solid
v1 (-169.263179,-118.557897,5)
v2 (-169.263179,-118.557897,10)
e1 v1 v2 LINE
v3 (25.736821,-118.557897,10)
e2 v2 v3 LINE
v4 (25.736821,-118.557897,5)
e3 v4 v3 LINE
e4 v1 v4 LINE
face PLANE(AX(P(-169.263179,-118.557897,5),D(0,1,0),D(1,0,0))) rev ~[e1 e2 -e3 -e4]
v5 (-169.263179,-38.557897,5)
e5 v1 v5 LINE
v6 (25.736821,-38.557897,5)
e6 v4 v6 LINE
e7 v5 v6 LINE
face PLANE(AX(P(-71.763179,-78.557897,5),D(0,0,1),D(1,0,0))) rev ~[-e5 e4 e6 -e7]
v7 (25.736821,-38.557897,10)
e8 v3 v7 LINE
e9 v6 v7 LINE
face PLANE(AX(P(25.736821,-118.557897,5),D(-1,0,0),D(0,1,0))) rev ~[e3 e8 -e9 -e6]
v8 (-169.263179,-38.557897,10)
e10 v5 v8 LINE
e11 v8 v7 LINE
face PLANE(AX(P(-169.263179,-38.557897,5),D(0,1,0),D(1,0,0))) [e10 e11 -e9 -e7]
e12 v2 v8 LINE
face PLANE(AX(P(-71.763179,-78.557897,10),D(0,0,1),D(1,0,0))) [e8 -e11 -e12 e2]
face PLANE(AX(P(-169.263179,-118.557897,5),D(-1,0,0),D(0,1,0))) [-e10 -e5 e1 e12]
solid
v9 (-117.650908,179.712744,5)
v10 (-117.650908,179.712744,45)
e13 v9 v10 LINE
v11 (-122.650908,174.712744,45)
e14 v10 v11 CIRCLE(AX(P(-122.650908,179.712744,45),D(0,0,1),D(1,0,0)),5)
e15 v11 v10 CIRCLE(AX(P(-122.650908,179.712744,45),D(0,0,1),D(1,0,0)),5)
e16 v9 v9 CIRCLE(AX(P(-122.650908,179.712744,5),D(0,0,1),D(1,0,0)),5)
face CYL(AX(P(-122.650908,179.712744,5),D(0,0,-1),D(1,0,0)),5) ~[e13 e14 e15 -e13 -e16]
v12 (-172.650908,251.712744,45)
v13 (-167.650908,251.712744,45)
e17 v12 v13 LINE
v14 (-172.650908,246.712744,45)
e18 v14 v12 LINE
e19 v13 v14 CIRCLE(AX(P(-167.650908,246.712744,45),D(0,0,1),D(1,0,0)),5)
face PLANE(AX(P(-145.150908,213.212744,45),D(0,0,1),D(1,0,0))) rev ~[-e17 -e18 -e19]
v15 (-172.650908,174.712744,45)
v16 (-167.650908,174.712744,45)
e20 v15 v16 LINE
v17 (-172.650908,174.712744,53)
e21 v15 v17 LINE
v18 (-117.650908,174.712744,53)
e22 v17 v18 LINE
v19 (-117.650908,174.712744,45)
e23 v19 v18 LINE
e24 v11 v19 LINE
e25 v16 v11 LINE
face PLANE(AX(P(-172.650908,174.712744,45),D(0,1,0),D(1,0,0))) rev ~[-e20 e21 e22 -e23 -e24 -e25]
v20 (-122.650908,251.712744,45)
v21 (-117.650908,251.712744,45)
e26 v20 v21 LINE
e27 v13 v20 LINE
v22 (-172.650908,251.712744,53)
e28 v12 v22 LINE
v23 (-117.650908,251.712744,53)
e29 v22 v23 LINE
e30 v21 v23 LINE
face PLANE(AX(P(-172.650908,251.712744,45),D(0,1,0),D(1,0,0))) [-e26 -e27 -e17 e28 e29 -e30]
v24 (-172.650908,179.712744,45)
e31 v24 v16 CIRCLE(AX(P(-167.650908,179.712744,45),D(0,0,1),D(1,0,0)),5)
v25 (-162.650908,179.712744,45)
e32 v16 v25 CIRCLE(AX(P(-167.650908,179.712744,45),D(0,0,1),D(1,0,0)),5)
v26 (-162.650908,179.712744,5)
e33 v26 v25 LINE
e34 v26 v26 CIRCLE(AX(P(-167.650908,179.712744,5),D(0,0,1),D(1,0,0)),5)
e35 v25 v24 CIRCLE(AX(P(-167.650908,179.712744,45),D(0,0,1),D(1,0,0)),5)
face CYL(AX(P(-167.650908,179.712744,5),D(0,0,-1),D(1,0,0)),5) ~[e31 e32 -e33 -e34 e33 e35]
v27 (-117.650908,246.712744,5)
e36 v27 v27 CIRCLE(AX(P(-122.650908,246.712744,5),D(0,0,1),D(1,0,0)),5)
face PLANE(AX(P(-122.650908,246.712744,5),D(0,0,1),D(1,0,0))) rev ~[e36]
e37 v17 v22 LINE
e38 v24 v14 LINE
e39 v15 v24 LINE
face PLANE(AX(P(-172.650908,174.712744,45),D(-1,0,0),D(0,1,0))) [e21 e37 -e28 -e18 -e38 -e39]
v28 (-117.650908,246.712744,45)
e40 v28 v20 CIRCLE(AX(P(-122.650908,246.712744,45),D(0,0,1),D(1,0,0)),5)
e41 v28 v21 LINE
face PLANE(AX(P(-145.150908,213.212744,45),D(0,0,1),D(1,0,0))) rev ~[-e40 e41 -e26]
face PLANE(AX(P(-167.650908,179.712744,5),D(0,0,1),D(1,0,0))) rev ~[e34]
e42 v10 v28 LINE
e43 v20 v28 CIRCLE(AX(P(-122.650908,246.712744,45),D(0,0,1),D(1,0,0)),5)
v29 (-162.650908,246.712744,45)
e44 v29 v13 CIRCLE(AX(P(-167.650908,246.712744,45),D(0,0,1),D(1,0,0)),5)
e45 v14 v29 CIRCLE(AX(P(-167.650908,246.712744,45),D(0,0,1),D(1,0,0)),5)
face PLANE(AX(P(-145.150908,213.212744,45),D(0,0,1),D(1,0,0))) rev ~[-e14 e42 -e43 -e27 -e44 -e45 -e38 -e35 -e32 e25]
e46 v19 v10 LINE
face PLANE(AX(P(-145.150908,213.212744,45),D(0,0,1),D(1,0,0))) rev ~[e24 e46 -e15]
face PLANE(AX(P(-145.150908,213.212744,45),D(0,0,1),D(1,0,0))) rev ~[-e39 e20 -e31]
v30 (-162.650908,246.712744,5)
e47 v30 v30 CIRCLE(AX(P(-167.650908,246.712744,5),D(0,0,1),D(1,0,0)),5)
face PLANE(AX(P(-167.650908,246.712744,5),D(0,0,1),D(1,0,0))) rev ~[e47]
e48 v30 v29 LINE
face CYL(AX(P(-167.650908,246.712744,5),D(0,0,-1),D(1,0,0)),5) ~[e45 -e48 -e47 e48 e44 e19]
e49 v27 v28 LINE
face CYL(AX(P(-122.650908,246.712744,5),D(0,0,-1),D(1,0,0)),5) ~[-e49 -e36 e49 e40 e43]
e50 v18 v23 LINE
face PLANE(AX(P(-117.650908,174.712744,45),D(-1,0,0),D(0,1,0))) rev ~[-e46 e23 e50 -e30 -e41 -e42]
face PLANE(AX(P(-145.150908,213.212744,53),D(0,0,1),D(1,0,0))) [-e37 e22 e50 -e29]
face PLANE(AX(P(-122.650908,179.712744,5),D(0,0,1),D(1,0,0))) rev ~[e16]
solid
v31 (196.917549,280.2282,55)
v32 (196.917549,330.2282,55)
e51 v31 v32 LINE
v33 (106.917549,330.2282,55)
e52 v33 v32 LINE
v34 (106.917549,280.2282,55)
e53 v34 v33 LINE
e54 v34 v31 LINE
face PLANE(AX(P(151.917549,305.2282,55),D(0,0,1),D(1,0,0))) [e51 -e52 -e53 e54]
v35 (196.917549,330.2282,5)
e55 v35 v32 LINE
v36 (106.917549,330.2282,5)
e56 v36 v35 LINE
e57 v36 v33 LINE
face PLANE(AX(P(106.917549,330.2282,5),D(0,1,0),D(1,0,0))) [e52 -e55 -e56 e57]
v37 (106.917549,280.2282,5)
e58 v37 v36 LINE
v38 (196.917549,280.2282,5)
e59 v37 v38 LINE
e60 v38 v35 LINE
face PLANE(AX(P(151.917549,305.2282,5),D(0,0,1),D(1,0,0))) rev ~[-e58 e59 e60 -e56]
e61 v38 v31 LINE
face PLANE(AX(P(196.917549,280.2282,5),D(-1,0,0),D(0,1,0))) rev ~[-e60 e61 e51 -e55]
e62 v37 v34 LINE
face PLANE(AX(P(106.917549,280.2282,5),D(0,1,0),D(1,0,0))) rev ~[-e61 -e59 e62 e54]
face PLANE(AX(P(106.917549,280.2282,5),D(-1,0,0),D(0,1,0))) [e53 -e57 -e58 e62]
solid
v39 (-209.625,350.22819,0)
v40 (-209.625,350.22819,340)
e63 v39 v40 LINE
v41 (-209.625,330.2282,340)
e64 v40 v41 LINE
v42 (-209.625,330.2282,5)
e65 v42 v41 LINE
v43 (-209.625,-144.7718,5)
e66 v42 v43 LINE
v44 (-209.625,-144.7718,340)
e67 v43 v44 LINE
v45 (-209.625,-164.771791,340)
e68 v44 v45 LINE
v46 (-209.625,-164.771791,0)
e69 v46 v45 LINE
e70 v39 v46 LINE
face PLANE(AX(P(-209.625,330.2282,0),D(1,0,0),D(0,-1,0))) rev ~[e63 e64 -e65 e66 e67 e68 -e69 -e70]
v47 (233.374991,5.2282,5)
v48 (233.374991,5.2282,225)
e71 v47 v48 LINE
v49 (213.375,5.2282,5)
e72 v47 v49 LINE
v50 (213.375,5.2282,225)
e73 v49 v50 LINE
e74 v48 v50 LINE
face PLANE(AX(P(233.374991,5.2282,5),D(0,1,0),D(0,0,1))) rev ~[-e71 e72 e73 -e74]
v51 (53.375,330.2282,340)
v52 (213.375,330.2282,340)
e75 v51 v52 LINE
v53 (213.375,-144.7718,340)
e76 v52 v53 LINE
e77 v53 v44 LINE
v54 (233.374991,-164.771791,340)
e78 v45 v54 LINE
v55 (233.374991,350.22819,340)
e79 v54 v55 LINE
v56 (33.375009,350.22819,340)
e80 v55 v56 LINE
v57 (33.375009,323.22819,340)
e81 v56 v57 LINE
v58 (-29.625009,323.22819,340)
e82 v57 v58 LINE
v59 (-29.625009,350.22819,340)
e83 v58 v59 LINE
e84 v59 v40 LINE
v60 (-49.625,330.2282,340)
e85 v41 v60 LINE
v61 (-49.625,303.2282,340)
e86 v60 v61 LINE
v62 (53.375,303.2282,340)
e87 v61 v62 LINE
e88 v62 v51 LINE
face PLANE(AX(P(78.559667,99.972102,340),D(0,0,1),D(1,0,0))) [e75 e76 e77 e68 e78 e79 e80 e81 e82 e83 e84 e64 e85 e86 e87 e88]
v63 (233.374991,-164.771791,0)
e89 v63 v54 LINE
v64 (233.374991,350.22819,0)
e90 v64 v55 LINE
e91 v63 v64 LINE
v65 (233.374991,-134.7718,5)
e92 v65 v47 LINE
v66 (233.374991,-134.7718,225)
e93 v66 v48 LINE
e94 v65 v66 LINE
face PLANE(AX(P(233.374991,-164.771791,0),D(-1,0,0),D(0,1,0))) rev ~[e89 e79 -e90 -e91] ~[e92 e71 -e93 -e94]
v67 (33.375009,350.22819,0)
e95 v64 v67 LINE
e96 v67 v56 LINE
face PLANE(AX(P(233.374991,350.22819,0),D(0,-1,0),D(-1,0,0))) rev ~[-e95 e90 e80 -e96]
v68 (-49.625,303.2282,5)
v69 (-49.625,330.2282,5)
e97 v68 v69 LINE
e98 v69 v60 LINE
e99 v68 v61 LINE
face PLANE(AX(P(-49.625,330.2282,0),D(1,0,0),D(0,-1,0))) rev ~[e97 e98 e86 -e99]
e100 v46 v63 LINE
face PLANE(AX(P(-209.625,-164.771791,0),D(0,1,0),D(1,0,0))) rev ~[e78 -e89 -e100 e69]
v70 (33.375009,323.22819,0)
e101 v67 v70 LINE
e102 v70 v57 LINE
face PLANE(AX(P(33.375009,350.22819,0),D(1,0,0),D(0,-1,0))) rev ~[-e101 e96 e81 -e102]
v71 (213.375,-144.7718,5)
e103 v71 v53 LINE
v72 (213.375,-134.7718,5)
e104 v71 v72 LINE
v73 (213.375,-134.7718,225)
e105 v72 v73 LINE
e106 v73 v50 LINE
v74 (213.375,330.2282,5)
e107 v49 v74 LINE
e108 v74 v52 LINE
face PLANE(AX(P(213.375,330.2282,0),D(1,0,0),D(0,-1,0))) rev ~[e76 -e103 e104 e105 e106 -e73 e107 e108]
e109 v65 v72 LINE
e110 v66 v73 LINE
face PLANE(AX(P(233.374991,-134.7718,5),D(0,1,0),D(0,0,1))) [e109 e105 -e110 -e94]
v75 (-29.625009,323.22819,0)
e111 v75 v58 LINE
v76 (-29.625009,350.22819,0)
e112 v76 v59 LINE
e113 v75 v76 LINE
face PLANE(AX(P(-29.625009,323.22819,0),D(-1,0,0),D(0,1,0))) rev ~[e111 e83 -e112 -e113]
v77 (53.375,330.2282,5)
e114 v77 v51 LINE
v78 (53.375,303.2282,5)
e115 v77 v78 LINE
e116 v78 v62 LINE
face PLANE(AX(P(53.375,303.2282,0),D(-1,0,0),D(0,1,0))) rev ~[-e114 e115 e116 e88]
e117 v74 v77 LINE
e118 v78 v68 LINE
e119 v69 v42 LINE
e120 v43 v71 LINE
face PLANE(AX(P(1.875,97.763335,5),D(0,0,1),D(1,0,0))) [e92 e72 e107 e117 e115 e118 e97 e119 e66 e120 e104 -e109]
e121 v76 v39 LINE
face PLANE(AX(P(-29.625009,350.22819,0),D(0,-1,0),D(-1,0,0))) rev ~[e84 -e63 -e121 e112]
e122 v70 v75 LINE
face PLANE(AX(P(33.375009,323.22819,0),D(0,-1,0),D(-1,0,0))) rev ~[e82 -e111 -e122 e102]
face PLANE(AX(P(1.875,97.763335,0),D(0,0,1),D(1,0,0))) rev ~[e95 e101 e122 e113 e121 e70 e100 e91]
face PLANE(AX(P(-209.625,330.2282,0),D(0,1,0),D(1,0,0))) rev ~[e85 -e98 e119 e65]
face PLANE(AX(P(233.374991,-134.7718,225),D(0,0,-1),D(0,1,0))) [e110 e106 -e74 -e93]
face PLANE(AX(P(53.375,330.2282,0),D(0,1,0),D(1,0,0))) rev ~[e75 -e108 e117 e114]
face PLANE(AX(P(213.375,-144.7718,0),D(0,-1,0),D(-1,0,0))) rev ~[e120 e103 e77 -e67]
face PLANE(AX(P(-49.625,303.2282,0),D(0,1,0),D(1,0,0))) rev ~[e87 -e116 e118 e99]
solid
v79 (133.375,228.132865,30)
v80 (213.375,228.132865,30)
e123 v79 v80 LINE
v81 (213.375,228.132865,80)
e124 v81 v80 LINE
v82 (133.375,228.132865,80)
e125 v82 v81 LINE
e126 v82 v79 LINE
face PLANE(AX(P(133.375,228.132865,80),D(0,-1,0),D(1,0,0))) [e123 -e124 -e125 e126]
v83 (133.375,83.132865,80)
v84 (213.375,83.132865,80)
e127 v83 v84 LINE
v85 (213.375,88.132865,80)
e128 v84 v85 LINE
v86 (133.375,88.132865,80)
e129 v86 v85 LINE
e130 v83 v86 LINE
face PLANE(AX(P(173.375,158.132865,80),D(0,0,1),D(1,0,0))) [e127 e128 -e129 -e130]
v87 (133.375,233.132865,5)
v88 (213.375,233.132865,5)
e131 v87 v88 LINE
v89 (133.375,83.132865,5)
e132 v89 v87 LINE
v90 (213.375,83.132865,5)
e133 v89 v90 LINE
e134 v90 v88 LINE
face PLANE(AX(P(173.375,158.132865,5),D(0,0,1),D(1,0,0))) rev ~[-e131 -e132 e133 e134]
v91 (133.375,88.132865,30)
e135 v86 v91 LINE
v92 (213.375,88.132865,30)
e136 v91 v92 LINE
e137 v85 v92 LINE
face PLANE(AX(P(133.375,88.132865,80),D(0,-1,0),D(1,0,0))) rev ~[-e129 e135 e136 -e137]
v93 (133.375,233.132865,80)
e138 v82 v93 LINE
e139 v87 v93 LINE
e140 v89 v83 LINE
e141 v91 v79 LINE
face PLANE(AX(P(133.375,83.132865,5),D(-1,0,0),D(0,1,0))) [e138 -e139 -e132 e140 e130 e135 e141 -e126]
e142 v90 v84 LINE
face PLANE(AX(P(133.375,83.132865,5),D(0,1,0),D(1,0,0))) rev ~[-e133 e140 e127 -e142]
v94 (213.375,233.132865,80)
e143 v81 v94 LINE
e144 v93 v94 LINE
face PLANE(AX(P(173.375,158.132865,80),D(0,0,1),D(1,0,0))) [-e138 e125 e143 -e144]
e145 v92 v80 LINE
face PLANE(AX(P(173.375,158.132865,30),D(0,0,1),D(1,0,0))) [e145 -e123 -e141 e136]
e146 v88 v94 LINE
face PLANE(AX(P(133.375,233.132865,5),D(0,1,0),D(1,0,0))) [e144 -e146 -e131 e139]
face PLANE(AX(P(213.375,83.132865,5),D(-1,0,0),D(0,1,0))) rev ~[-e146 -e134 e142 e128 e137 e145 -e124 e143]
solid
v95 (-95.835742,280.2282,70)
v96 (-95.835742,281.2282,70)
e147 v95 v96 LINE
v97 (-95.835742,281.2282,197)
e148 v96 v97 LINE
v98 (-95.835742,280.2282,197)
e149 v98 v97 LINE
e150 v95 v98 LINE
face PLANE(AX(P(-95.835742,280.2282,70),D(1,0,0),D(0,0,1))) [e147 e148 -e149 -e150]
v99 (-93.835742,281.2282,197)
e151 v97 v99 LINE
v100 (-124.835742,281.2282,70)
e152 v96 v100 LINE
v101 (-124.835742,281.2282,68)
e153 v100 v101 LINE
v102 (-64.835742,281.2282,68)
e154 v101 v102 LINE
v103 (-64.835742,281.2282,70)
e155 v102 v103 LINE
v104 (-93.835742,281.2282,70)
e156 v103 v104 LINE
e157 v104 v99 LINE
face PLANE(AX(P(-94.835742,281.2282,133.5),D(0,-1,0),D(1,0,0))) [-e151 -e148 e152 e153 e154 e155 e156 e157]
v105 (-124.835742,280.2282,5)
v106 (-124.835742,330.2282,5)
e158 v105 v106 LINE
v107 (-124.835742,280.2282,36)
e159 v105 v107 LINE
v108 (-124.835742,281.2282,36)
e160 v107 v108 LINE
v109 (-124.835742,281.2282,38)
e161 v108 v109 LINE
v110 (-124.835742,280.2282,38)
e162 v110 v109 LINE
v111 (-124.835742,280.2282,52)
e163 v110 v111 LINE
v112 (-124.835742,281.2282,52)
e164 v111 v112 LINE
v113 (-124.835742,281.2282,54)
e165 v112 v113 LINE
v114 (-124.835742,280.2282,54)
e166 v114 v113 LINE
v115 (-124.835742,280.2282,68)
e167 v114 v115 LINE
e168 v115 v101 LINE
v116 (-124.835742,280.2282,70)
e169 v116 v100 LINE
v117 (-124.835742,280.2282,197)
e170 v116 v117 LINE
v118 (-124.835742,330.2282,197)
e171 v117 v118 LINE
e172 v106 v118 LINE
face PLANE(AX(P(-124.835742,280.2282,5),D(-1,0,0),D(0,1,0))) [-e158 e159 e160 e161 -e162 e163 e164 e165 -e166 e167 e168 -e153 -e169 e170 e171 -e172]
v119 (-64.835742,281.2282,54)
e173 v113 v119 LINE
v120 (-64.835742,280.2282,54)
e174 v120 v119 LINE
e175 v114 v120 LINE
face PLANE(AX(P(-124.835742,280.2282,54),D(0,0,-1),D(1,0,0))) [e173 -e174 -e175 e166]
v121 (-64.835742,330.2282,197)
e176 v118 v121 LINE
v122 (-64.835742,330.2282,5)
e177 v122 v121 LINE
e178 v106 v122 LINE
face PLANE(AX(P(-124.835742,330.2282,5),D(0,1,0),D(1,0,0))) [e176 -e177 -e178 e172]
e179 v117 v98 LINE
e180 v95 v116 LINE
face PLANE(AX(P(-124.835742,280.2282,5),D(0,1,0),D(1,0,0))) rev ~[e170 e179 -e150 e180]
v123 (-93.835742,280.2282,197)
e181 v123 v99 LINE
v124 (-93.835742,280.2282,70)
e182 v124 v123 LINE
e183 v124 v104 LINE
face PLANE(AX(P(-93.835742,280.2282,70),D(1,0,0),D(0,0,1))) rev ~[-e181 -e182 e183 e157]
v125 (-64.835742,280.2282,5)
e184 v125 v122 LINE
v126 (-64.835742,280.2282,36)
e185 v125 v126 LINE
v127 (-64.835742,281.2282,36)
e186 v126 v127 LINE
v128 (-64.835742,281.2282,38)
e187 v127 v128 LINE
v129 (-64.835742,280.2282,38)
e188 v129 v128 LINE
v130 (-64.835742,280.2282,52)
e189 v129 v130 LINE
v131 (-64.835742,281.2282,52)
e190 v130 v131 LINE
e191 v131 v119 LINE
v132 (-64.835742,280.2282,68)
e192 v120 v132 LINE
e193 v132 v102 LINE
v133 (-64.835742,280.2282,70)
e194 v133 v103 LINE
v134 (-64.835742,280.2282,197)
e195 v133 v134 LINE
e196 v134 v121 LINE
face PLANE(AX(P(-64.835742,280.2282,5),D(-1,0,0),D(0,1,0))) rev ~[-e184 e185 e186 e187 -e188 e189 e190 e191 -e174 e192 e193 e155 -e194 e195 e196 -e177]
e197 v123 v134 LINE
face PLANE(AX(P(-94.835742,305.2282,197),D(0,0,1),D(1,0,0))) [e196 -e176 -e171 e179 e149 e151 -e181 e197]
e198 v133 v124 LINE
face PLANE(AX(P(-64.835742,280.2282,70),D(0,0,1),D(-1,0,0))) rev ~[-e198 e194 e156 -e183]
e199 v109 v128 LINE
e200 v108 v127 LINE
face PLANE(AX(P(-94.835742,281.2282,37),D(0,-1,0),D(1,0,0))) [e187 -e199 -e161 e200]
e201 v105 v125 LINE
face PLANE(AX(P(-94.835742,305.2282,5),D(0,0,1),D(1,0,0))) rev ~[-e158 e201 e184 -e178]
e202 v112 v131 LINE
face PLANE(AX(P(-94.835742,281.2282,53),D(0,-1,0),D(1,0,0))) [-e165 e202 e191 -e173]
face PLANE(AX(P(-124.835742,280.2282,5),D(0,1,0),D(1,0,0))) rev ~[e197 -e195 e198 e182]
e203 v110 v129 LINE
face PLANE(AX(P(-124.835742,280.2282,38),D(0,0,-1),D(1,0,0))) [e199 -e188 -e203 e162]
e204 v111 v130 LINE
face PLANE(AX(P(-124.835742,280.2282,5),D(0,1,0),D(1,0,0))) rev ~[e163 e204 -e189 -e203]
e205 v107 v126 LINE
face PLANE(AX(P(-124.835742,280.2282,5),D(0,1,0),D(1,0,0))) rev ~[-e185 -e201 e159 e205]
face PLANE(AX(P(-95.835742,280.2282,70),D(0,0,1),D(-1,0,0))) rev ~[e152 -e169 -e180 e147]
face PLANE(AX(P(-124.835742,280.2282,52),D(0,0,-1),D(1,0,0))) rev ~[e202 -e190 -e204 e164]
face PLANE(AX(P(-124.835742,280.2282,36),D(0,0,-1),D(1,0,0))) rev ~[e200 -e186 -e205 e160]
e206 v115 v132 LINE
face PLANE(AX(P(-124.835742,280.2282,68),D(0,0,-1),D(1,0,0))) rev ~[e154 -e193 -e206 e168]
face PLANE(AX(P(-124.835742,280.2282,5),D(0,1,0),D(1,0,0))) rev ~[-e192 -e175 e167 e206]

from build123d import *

# Parameters (mm, degrees)
F1_DEPTH  = 340
F2_DEPTH  = 5
F3_W      = 140
F3_H      = 220
F4_DEPTH  = 20
F5_W      = 80
F5_H      = 150
F6_DEPTH  = 75
F7_W      = 80
F7_H      = 140
F8_DEPTH  = 50
F9_W      = 90
F9_H      = 50
F10_DEPTH = 50
F11_W     = 60
F11_H     = 50
F12_DEPTH = 192
F13_W     = 2
F13_H     = 127
F13_W_2   = 60
F13_H_2   = 2
F14_DEPTH = 1
F15_W     = 195
F15_H     = 80
F16_DEPTH = 5
F17_R     = 5
F18_DEPTH = 40
F19_W     = 55
F19_H     = 77
F20_DEPTH = 8


with BuildPart() as f1:
    # F0 (on Top) → F1 (new body)
    with BuildSketch(Plane.XY):
        Polygon((-209.625, 350.22819), (-209.625, 330.2282), (-49.625, 330.2282), (-49.625, 303.2282), (53.375, 303.2282), (53.375, 330.2282), (213.375, 330.2282), (213.375, -144.7718), (-209.625, -144.7718), (-209.625, -164.771791), (233.374991, -164.771791), (233.374991, 350.22819), (33.375009, 350.22819), (33.375009, 323.22819), (-29.625009, 323.22819), (-29.625009, 350.22819), align=None)
    extrude(amount=F1_DEPTH)

    # F0 (on Top) → F2 (join)
    with BuildSketch(Plane.XY):
        Polygon((-49.625, 330.2282), (-209.625, 330.2282), (-209.625, -144.7718), (213.375, -144.7718), (213.375, 330.2282), (53.375, 330.2282), (53.375, 303.2282), (-49.625, 303.2282), align=None)
    extrude(amount=F2_DEPTH)

    # F3 (on face) → F4 (cut)
    with BuildSketch(Plane.YZ.offset(233.374991)):
        with Locations((-64.7718, 115)):
            Rectangle(F3_W, F3_H)
    extrude(amount=-F4_DEPTH, mode=Mode.SUBTRACT)


with BuildPart() as f6:
    # F5 (on face) → F6 (new body)
    with BuildSketch(Plane.XY.offset(5)):
        with Locations((173.375, 158.132865)):
            Rectangle(F5_W, F5_H)
    extrude(amount=F6_DEPTH)

    # F7 (on face) → F8 (cut)
    with BuildSketch(Plane.XY.offset(80)):
        with Locations((173.375, 158.132865)):
            Rectangle(F7_W, F7_H)
    extrude(amount=-F8_DEPTH, mode=Mode.SUBTRACT)


with BuildPart() as f10:
    # F9 (on face) → F10 (new body)
    with BuildSketch(Plane.XY.offset(5)):
        with Locations((151.917549, 305.2282)):
            Rectangle(F9_W, F9_H)
    extrude(amount=F10_DEPTH)


with BuildPart() as f12:
    # F11 (on face) → F12 (new body)
    with BuildSketch(Plane.XY.offset(5)):
        with Locations((-94.835742, 305.2282)):
            Rectangle(F11_W, F11_H)
    extrude(amount=F12_DEPTH)

    # F13 (on face) → F14 (cut)
    with BuildSketch(Plane.XZ.offset(-280.2282)):
        with Locations((-94.835742, 133.5)):
            Rectangle(F13_W, F13_H)
        Polygon((-124.835742, 70), (-124.835742, 68), (-64.835742, 68), (-64.835742, 70), (-93.835742, 70), (-95.835742, 70), align=None)
        with Locations((-94.835742, 53)):
            Rectangle(F13_W_2, F13_H_2)
        with Locations((-94.835742, 37)):
            Rectangle(F13_W_2, F13_H_2)
    extrude(amount=-F14_DEPTH, mode=Mode.SUBTRACT)


with BuildPart() as f16:
    # F15 (on face) → F16 (new body)
    with BuildSketch(Plane.XY.offset(5)):
        with Locations((-71.763179, -78.557897)):
            Rectangle(F15_W, F15_H)
    extrude(amount=F16_DEPTH)


with BuildPart() as f18:
    # F17 (on face) → F18 (new body)
    with BuildSketch(Plane.XY.offset(5)):
        with Locations((-167.650908, 246.712744)):
            Circle(F17_R)
        with Locations((-167.650908, 179.712744)):
            Circle(F17_R)
        with Locations((-122.650908, 246.712744)):
            Circle(F17_R)
        with Locations((-122.650908, 179.712744)):
            Circle(F17_R)
    extrude(amount=F18_DEPTH)

    # F19 (on face) → F20 (join)
    with BuildSketch(Plane.XY.offset(45)):
        with Locations((-145.150908, 213.212744)):
            Rectangle(F19_W, F19_H)
    extrude(amount=F20_DEPTH)


solid = Compound([f1.part, f6.part, f10.part, f12.part, f16.part, f18.part])
